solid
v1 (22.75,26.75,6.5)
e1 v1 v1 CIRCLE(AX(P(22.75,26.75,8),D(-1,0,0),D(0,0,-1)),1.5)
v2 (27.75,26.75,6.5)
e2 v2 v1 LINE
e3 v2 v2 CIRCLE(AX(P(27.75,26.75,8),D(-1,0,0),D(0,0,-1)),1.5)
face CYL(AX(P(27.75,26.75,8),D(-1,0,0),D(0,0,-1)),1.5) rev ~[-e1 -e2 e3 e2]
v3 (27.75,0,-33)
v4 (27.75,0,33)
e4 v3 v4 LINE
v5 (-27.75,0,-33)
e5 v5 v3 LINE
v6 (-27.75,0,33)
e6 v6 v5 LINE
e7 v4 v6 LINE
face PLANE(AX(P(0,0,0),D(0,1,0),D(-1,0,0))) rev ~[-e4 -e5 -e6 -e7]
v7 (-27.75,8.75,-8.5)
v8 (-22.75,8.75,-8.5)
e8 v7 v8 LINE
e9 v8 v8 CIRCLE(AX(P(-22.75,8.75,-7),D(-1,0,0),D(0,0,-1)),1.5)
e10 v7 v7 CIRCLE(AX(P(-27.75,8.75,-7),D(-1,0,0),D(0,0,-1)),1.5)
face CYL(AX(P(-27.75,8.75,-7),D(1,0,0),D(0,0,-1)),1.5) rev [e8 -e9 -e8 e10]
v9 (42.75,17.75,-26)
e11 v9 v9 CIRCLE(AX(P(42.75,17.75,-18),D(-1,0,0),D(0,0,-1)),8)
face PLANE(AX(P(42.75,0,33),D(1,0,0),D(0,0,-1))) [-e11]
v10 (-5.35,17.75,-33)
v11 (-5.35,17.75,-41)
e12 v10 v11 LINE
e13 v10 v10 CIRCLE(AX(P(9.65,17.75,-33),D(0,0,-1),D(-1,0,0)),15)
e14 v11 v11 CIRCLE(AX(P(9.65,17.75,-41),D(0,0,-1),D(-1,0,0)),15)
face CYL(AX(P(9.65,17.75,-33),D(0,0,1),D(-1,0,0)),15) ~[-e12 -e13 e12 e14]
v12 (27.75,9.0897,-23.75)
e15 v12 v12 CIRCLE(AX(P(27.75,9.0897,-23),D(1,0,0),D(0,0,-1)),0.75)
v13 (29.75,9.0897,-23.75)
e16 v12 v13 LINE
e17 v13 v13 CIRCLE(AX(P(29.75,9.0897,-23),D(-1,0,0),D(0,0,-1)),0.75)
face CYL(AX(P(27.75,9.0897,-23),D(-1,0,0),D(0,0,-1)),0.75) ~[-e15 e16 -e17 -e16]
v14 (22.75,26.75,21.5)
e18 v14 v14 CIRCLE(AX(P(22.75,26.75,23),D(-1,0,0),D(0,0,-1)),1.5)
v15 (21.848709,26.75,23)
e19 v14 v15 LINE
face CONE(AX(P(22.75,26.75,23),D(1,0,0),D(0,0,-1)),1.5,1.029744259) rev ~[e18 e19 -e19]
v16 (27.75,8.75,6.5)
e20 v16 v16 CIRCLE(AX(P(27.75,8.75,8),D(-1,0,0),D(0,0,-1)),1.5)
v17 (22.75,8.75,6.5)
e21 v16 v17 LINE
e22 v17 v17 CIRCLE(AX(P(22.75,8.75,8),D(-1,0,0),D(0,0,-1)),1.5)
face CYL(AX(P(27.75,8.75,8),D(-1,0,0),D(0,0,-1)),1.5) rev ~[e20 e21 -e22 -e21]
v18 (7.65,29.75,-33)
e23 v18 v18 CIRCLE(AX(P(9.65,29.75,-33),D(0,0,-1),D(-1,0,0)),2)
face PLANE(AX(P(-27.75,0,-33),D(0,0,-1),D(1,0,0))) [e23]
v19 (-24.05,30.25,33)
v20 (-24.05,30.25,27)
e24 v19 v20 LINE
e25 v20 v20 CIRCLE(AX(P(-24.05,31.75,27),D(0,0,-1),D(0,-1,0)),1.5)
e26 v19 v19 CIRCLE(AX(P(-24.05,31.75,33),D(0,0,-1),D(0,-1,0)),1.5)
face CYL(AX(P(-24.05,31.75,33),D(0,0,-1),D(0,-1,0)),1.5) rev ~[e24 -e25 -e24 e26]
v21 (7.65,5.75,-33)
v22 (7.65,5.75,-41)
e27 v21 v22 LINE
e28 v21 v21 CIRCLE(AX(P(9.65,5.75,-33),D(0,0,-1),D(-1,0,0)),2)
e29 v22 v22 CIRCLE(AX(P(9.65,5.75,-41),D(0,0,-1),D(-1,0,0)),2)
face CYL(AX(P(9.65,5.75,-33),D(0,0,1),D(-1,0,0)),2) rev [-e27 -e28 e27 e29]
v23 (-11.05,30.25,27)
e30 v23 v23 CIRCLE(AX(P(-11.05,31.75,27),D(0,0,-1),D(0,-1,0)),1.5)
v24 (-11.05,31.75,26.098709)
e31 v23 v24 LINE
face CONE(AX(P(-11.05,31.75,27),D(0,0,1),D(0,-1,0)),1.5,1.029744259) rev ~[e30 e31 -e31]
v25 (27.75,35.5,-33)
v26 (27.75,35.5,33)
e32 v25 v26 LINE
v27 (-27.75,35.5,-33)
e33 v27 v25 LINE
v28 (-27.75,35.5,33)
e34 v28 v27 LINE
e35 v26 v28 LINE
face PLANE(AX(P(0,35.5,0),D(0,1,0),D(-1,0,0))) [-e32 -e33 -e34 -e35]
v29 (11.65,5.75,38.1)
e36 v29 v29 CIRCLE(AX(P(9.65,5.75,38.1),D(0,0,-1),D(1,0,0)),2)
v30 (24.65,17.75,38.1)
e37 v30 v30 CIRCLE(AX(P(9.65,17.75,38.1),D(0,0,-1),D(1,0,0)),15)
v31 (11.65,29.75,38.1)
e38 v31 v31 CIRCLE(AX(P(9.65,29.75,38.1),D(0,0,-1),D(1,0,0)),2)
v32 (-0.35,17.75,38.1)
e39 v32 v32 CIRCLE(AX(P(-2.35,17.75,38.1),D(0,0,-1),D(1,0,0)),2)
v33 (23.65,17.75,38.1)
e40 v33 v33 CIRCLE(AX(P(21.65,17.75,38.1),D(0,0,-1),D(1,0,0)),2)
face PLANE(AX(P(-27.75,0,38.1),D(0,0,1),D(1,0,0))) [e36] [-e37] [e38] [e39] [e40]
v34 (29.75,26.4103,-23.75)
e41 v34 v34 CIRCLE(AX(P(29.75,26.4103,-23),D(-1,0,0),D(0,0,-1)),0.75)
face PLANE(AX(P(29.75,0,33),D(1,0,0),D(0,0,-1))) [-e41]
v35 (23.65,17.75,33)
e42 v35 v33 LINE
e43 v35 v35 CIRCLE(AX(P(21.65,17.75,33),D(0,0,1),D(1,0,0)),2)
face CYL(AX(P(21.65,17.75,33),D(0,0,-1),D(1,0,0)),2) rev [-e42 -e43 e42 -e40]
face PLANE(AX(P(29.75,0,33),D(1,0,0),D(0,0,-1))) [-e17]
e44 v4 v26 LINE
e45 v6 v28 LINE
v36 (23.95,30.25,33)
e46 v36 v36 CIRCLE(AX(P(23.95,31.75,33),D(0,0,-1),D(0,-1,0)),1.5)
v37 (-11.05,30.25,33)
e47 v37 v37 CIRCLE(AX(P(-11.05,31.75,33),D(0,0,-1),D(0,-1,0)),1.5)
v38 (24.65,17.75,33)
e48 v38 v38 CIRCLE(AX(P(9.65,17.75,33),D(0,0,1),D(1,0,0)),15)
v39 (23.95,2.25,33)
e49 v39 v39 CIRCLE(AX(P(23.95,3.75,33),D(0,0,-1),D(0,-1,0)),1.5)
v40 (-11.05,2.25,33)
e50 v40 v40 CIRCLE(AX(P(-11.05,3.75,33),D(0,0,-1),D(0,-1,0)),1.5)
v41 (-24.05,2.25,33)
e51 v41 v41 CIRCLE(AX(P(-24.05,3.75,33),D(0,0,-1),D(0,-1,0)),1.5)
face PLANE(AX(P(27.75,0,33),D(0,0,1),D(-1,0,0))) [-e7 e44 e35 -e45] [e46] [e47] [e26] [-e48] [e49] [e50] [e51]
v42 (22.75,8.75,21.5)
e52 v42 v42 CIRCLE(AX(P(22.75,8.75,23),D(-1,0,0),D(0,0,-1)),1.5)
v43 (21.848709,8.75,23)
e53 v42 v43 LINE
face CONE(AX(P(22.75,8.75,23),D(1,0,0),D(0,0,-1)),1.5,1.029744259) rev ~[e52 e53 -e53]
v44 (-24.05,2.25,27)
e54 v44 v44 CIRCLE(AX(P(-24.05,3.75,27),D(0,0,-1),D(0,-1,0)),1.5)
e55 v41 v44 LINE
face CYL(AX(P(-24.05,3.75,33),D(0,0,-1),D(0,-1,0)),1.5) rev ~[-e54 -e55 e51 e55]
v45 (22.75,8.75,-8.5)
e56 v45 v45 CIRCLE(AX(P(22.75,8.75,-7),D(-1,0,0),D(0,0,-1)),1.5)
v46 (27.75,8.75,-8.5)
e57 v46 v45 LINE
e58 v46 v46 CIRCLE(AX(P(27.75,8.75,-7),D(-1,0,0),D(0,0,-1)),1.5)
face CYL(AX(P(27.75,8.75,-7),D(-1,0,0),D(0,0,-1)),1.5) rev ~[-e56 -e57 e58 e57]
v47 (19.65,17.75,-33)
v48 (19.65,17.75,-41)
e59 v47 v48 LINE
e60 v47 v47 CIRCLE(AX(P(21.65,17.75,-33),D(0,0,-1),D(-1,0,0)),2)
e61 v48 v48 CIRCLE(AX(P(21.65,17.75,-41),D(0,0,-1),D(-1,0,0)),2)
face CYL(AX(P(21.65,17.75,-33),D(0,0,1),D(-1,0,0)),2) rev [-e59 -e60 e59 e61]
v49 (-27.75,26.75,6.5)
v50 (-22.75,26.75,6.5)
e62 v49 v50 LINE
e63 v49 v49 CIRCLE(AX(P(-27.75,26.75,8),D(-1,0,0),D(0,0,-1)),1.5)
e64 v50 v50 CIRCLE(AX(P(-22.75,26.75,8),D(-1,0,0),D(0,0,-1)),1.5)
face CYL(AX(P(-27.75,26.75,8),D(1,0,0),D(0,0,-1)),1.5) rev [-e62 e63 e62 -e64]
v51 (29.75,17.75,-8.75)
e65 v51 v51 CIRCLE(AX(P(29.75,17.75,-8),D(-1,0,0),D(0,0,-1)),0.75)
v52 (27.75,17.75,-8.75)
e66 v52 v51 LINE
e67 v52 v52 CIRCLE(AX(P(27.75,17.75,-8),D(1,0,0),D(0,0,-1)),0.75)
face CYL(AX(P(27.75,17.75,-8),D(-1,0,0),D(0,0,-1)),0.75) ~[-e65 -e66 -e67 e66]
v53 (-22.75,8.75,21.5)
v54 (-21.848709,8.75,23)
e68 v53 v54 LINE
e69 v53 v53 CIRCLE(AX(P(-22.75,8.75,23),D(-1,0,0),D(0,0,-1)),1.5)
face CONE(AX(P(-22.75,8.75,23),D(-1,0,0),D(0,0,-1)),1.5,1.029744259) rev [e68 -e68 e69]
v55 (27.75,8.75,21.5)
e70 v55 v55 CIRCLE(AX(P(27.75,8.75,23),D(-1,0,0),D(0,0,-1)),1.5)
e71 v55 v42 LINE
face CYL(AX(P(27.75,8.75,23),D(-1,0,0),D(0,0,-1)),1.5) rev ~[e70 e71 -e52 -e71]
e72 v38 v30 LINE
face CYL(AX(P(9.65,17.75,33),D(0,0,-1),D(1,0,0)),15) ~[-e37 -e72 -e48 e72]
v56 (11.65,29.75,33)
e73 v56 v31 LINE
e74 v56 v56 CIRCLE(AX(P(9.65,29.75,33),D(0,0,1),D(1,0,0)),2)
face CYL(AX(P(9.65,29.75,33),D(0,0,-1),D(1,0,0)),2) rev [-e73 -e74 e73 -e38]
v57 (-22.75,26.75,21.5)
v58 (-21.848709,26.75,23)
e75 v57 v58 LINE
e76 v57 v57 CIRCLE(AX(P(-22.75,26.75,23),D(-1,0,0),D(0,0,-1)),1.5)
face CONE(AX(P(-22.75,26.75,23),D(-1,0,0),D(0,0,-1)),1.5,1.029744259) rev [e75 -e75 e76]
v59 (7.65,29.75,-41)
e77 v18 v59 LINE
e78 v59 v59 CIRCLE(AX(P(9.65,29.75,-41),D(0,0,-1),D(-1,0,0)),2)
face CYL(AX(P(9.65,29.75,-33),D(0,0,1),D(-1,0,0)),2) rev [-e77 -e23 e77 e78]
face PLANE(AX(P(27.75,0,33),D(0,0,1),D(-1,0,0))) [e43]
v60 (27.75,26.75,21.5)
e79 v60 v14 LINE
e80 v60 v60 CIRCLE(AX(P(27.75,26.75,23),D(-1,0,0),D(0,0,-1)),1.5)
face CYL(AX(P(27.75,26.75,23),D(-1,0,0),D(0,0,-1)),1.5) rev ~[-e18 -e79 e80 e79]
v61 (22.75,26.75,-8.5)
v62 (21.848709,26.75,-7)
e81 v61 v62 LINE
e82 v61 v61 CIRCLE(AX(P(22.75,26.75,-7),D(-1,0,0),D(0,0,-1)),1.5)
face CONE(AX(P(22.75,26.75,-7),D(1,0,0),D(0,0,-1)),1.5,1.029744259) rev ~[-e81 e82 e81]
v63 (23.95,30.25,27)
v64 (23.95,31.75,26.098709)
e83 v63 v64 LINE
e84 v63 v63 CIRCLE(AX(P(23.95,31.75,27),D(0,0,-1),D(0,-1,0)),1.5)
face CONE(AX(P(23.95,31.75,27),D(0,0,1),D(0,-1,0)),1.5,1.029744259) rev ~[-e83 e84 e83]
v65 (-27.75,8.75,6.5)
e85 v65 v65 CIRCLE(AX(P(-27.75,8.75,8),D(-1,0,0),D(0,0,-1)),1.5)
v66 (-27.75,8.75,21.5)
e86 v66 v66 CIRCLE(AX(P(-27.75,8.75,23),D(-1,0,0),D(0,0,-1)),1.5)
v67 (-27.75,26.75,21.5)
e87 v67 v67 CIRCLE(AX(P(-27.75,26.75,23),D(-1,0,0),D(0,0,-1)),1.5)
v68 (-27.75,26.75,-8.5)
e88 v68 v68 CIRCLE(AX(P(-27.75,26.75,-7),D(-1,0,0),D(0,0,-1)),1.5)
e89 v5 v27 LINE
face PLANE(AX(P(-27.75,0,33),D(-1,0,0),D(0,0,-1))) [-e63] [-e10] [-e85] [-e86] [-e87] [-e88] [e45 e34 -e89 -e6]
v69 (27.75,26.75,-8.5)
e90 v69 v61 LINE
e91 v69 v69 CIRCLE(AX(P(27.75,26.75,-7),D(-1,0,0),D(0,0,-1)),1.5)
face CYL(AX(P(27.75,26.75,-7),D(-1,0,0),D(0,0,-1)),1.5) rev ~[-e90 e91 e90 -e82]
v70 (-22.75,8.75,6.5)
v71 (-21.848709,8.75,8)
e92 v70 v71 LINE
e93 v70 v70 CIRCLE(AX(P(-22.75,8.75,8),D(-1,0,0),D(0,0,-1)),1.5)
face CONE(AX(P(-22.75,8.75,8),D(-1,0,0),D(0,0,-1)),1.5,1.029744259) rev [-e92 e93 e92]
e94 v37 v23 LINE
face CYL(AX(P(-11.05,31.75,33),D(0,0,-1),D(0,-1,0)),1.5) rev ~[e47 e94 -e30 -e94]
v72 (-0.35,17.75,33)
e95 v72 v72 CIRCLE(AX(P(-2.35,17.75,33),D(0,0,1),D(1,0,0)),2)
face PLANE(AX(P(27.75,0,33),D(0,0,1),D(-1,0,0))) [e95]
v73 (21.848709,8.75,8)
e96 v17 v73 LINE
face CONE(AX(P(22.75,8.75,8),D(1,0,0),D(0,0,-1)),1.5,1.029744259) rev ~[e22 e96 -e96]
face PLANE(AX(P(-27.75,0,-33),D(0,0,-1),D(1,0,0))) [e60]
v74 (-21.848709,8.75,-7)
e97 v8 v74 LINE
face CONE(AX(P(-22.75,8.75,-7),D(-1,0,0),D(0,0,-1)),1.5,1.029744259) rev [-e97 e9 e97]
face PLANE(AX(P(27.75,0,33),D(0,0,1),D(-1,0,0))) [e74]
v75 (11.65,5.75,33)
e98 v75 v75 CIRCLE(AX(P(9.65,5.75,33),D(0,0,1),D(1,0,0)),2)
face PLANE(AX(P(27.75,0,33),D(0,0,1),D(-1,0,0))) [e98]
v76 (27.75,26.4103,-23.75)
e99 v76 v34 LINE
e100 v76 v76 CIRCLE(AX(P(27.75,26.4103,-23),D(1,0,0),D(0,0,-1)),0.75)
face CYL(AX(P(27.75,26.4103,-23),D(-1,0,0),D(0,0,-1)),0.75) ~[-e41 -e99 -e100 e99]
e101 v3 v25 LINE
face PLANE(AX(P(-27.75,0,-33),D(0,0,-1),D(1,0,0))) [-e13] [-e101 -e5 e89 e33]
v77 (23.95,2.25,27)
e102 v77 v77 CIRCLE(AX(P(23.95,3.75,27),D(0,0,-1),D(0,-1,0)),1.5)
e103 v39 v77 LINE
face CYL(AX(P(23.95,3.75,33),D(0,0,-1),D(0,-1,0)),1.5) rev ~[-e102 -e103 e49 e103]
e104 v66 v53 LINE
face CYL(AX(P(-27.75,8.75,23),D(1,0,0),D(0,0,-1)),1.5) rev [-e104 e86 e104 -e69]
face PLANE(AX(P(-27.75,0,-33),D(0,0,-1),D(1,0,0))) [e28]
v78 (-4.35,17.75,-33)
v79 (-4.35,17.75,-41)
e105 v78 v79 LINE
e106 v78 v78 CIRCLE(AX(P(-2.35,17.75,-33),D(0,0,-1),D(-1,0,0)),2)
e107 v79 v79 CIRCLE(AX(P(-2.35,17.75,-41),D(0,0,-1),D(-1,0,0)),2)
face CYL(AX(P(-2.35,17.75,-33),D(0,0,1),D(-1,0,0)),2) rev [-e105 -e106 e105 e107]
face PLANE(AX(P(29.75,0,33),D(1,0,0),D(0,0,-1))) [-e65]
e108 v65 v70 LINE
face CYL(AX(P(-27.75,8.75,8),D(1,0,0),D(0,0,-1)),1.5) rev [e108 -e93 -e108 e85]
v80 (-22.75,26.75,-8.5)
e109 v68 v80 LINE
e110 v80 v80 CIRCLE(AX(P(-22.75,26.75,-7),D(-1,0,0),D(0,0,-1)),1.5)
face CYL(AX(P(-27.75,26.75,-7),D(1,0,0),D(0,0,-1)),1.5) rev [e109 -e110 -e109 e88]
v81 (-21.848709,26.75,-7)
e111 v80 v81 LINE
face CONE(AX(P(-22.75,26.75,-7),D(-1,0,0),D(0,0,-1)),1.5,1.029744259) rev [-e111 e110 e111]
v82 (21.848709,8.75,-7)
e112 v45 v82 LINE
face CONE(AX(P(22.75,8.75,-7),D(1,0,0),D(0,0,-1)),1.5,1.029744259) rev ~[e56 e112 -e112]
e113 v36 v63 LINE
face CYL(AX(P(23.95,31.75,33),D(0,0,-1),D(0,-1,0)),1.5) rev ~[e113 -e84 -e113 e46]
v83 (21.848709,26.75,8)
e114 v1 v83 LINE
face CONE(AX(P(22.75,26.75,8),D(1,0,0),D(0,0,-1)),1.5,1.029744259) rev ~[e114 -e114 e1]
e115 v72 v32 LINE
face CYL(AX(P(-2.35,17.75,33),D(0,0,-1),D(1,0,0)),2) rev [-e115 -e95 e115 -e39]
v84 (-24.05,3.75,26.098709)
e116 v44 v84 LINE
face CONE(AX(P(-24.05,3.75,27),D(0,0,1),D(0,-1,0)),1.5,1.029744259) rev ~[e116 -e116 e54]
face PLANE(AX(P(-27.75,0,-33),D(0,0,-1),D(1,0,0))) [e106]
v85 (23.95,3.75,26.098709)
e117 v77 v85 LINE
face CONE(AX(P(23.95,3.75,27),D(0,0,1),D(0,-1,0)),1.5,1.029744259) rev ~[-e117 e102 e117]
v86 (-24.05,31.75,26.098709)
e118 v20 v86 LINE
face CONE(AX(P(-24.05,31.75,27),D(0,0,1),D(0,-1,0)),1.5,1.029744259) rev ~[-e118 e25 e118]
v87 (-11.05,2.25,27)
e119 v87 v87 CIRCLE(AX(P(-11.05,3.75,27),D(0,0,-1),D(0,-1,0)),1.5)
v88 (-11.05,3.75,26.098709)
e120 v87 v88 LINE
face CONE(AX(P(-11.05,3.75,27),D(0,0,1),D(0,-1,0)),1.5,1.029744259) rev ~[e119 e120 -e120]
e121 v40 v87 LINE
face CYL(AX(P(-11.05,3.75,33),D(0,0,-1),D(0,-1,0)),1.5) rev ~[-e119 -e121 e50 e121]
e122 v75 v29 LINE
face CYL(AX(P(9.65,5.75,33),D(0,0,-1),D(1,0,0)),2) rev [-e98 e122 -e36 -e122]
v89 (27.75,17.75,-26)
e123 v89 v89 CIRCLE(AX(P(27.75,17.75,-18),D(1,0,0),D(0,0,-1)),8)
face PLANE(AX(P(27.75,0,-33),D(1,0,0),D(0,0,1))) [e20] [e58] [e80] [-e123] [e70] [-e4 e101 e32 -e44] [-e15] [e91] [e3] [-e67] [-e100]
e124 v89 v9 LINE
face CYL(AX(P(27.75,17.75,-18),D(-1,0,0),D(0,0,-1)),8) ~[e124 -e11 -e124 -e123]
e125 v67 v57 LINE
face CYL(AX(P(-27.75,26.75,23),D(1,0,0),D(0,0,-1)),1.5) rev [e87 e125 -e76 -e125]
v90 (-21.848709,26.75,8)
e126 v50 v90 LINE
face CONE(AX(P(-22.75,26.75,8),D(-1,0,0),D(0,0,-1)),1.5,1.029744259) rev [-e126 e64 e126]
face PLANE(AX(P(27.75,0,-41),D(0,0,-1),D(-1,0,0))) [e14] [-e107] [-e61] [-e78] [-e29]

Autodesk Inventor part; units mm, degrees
ref_plane "YZ Plane" through (0, 0, 0) normal (1, 0, 0) x (0, 1, 0)
ref_plane "XZ Plane" through (0, 0, 0) normal (0, 1, 0) x (-1, 0, 0)
ref_plane "XY Plane" through (0, 0, 0) normal (0, 0, 1) x (1, 0, 0)
sketch "Esquisse1" plane through (0, 0, 0) normal (0, 1, 0) x (-1, 0, 0)
  line L0 (-27.75, 33) -> (27.75, 33)
  line L1 (27.75, 33) -> (27.75, -33)
  line L2 (27.75, -33) -> (-27.75, -33)
  line L3 (-27.75, -33) -> (-27.75, 33)
  line L4 (-27.75, 33) -> (27.75, -33) construction
  line L5 (27.75, 33) -> (-27.75, -33) construction
  point P0 (0, 0)
  dimension "d0" = 66
  dimension "d1" = 55.5
extrude "Extrusion1" add sketch "Esquisse1" along normal blind 35.5
sketch "Esquisse2" plane through (27.75, 0, 33) normal (1, 0, 0) x (0, 0, -1)
  circle A0 centre (40, 26.75) radius 1.5
  circle A1 centre (40, 8.75) radius 1.5
  line L0 (66, 0) -> (66, 35.5) projected
  circle A2 centre (25, 8.75) radius 1.5
  circle A3 centre (25, 26.75) radius 1.5
  circle A4 centre (10, 8.75) radius 1.5
  circle A5 centre (10, 26.75) radius 1.5
  line L1 (66, 0) -> (0, 0) projected
  line L2 (40, 8.75) -> (40, 26.75)
  line L3 (40, 26.75) -> (25, 26.75)
  line L4 (25, 26.75) -> (10, 26.75)
  line L5 (10, 26.75) -> (10, 8.75)
  line L6 (10, 8.75) -> (25, 8.75)
  line L7 (25, 8.75) -> (25, 26.75)
  line L8 (25, 8.75) -> (40, 8.75)
  line L9 (40, 26.75) -> (66, 26.75)
  line L10 (40, 8.75) -> (66, 8.75)
  circle A6 centre (51, 17.75) radius 8
  circle A7 centre (41, 17.75) radius 0.75
  line L11 (0, 0) -> (0, 35.5) projected
  line L12 (0, 17.75) -> (66, 17.75)
  circle A8 centre (56, 9.0897) radius 0.75
  circle A9 centre (56, 26.4103) radius 0.75
  point P0 (33, 0)
  point P1 (40, 17.75)
  point P2 (10, 17.75)
  dimension "d4" = 18
  dimension "d5" = 3
  dimension "d22" = 16
  dimension "d27" = 1.5
  dimension "d61" = 10
  dimension "d62" = 15
  dimension "d63" = 15
  dimension "d64" = 51
  dimension "d65" = 10
  dimension "d68" = 360
hole "Perçage1" at (27.75, 26.75, 23) at (27.75, 26.75, 8) at (27.75, 26.75, -7) at (27.75, 8.75, -7) at (27.75, 8.75, 8) at (27.75, 8.75, 23) direction (-1, 0, 0) diameter 3 depth 5 tip angle 118
mirror "Mise en miroir1" about plane through (0, 0, 0) normal (1, 0, 0) of "Perçage1"
extrude "Extrusion2" add sketch "Esquisse2" along normal blind 2 contours A9 L9 | L9 A9 | L12 A7 | A7 L12 | A8 L10 | L10 A8
extrude "Extrusion3" add sketch "Esquisse2" along normal blind 15 contours L12 A6 | A6 L12
sketch "Esquisse4" plane through (-27.75, 0, 33) normal (0, 0, 1) x (1, 0, 0)
  circle A0 centre (37.4, 17.75) radius 15
  line L0 (0, 0) -> (55.5, 0) projected
  circle A1 centre (51.7, 31.75) radius 1.5
  circle A2 centre (51.7, 3.75) radius 1.5
  line L1 (55.5, 0) -> (55.5, 35.5) projected
  line L2 (55.5, 3.75) -> (51.7, 3.75)
  line L3 (51.7, 3.75) -> (51.7, 31.75)
  line L4 (51.7, 31.75) -> (55.5, 31.75)
  circle A3 centre (16.7, 31.75) radius 1.5
  circle A4 centre (16.7, 3.75) radius 1.5
  circle A5 centre (3.7, 31.75) radius 1.5
  circle A6 centre (3.7, 3.75) radius 1.5
  line L5 (16.7, 31.75) -> (16.7, 3.75)
  line L6 (16.7, 3.75) -> (3.7, 3.75)
  line L7 (3.7, 3.75) -> (3.7, 31.75)
  line L8 (3.7, 31.75) -> (16.7, 31.75)
  line L9 (51.7, 31.75) -> (16.7, 31.75)
  line L10 (16.7, 3.75) -> (51.7, 3.75)
  circle A7 centre (37.4, 5.75) radius 2
  circle A8 centre (37.4, 17.75) radius 12
  circle A9 centre (49.4, 17.75) radius 2
  circle A10 centre (37.4, 29.75) radius 2
  circle A11 centre (25.4, 17.75) radius 2
  line L11 (0, 0) -> (0, 35.5) projected
  point P0 (27.75, 0)
  point P1 (51.7, 17.75)
  dimension "d40" = 24
  dimension "d32" = 17.75
  dimension "d33" = 30
  dimension "d34" = 28
  dimension "d35" = 3
  dimension "d36" = 3.8
  dimension "d38" = 35
  dimension "d39" = 13
  dimension "d41" = 4
  dimension "d44" = 360
  dimension "d48" = 17.75
  dimension "d59" = 37.4
  dimension "d60" = 18.1
  dimension "d70" = 3.7
extrude "Extrusion4" add sketch "Esquisse4" along normal blind 5.1 contours A0 L3 | L3 A0 L10 A7 A8 A9 A10 L9 | L9 A0 | A0 L10 | L9 A10 A8 A11 A7 L10 A0 | A10 A8 A9 A7 A11
hole "Perçage2" at (23.95, 31.75, 33) at (23.95, 3.75, 33) at (-11.05, 3.75, 33) at (-24.05, 3.75, 33) at (-24.05, 31.75, 33) at (-11.05, 31.75, 33) direction (0, 0, -1) diameter 3 depth 6 tip angle 118
sketch "Esquisse5" plane through (27.75, 0, -33) normal (0, 0, -1) x (-1, 0, 0)
  circle A0 centre (18.1, 17.75) radius 15 projected
  circle A1 centre (18.1, 17.75) radius 15
  circle A2 centre (6.1, 17.75) radius 2 projected
  circle A3 centre (6.1, 17.75) radius 2
  circle A4 centre (18.1, 29.75) radius 2 projected
  circle A5 centre (18.1, 29.75) radius 2
  circle A6 centre (30.1, 17.75) radius 2 projected
  circle A7 centre (30.1, 17.75) radius 2
  circle A8 centre (18.1, 5.75) radius 2 projected
  circle A9 centre (18.1, 5.75) radius 2
  point P0 (27.75, 0)
  dimension "d56" = 30
extrude "Extrusion5" add sketch "Esquisse5" along normal blind 8
properties part number "Servo_moteur_rovmaker"
